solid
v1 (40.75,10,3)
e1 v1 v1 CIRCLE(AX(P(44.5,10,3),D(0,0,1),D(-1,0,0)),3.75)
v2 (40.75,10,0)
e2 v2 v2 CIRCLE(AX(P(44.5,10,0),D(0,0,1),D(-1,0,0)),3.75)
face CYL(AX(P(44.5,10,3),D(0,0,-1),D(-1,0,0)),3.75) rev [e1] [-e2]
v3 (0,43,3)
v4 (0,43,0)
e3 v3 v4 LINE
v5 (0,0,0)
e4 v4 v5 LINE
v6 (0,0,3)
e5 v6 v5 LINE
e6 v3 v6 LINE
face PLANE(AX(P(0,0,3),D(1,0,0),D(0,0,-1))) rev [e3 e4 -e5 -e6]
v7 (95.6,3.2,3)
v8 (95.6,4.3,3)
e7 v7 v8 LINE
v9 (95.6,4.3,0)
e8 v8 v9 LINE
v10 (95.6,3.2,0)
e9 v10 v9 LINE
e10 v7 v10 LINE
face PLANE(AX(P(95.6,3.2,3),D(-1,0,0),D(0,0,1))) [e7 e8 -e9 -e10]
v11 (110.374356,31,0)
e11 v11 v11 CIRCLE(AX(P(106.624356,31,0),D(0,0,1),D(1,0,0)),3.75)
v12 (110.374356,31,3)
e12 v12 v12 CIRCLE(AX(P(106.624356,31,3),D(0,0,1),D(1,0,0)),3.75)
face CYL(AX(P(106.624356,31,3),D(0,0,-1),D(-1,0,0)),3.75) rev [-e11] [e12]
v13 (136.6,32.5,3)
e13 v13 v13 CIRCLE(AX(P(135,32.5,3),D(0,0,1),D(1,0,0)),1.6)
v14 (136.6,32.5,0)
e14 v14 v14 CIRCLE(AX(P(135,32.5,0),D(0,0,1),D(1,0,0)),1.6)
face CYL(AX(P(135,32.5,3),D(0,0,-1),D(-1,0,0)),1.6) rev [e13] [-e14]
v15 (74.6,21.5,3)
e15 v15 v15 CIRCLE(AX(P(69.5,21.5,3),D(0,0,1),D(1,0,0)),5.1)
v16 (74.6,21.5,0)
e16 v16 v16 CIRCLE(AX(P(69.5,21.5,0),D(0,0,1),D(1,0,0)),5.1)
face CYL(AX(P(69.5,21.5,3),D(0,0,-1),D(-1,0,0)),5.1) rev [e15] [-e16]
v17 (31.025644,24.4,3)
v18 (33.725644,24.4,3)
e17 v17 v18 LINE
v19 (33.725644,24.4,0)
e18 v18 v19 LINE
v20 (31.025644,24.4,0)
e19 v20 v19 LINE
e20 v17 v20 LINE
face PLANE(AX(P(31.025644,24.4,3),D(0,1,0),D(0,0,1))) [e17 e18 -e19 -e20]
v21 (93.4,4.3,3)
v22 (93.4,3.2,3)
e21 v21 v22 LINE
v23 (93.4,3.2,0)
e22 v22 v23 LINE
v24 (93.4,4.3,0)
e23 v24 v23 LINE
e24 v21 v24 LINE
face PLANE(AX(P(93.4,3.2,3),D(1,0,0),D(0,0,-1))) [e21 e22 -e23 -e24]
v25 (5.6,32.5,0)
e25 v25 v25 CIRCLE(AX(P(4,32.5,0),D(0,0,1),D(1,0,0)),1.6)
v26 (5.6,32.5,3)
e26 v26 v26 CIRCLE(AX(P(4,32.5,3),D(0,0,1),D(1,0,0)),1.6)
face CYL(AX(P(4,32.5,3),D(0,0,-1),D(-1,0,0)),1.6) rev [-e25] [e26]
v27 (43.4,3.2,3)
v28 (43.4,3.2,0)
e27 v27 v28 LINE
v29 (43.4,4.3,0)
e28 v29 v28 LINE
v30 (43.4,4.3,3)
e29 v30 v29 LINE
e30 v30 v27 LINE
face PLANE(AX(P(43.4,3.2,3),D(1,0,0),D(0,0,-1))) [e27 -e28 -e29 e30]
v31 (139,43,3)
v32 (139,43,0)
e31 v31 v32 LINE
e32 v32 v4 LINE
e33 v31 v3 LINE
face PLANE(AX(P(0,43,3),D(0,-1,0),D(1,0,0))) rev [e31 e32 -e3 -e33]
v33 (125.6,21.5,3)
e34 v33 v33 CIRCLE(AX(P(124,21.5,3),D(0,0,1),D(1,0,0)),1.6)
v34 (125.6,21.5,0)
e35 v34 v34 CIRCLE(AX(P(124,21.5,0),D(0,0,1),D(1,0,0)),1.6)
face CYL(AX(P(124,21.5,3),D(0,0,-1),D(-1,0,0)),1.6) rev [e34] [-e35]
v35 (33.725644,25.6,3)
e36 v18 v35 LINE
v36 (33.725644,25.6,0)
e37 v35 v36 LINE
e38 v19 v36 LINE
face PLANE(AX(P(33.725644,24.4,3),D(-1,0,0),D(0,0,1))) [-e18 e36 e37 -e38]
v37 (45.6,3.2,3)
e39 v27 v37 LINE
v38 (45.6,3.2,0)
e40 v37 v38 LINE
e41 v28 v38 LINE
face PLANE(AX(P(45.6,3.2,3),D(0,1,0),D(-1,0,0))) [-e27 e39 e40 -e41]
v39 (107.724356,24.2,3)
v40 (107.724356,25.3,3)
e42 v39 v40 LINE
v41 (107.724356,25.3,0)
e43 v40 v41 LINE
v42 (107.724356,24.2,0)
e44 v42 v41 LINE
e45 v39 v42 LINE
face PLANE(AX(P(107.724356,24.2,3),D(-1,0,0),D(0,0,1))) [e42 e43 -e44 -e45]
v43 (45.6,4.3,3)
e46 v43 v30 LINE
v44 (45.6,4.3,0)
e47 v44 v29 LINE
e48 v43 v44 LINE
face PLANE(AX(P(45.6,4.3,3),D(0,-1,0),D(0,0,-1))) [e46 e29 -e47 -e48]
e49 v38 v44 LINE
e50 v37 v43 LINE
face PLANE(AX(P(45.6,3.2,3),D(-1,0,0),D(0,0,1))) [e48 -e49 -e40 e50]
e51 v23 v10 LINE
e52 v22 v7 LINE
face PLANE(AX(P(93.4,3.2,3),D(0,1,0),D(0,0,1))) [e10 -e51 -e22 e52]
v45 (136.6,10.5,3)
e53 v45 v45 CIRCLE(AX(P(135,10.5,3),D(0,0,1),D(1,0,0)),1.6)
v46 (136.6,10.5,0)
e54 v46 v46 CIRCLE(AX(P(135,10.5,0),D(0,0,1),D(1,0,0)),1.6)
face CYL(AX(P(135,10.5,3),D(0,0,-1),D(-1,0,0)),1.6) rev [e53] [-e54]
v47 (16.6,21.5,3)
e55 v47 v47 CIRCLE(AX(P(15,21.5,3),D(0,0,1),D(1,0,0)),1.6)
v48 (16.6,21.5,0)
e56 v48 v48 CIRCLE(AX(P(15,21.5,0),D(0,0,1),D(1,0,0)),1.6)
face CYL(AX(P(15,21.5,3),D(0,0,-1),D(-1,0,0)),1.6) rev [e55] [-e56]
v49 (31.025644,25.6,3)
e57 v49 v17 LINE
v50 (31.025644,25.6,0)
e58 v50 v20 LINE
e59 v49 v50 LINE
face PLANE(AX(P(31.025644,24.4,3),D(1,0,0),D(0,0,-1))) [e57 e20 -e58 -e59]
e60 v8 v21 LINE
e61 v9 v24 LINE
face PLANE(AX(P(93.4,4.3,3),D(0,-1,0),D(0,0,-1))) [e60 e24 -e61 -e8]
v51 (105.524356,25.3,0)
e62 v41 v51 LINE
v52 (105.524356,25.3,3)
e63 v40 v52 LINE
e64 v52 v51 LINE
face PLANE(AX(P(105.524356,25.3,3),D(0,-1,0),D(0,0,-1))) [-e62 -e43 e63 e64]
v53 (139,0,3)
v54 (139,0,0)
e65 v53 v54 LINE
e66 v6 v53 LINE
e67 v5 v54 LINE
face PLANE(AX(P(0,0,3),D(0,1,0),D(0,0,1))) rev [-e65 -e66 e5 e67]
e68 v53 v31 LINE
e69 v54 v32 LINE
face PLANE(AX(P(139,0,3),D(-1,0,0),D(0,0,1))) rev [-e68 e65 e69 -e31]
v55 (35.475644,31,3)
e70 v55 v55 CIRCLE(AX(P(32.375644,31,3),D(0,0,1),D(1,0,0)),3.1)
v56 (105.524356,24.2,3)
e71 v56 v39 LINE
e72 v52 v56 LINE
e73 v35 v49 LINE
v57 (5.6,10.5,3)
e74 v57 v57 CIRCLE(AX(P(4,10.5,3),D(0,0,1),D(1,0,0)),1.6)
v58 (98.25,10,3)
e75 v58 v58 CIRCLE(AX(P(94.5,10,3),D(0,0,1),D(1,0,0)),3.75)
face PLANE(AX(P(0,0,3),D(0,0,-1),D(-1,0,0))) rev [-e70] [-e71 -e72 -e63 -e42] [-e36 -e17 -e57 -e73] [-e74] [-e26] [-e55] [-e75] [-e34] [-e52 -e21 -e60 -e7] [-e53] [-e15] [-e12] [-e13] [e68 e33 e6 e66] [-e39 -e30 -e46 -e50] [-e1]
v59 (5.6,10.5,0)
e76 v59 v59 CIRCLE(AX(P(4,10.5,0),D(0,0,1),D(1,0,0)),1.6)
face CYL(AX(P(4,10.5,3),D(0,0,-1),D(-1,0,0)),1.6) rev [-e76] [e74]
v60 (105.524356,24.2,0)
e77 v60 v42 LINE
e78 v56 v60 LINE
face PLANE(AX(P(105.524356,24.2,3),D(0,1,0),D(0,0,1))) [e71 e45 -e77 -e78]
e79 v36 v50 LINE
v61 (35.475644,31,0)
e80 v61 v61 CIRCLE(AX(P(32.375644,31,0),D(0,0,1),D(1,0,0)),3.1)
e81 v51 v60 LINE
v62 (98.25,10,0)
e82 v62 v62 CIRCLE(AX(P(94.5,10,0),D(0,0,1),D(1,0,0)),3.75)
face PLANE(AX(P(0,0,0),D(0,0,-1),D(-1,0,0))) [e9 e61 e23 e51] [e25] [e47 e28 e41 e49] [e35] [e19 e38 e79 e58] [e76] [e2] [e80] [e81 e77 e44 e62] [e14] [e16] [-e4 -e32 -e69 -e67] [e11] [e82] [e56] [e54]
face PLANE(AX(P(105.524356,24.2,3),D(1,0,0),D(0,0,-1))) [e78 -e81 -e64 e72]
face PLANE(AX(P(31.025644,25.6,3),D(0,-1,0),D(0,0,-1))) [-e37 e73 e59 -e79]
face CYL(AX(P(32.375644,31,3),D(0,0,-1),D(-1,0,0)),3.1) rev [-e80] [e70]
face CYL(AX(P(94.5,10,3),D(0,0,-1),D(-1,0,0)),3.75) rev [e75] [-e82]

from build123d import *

# Parameters (mm, degrees)
SKETCH1_W           = 139
SKETCH1_H           = 43
SKETCH1_R           = 3.1
SKETCH1_R_2         = 3.75
SKETCH1_R_3         = 1.6
SKETCH1_R_4         = 5.1
SKETCH1_W_2         = 2.7
SKETCH1_H_2         = 1.2
SKETCH1_W_3         = 2.2
SKETCH1_H_3         = 1.1
BOSS_EXTRUDE1_DEPTH = 3


with BuildPart() as part:
    # Sketch1 → Boss-Extrude1 (new body)
    with BuildSketch(Plane.XY):
        with Locations((69.5, 21.5)):
            Rectangle(SKETCH1_W, SKETCH1_H)
        with Locations((32.375644347, 31)):
            Circle(SKETCH1_R, mode=Mode.SUBTRACT)
        with Locations((94.5, 10)):
            Circle(SKETCH1_R_2, mode=Mode.SUBTRACT)
        with Locations((4, 32.5)):
            Circle(SKETCH1_R_3, mode=Mode.SUBTRACT)
        with Locations((135, 32.5)):
            Circle(SKETCH1_R_3, mode=Mode.SUBTRACT)
        with Locations((135, 10.5)):
            Circle(SKETCH1_R_3, mode=Mode.SUBTRACT)
        with Locations((4, 10.5)):
            Circle(SKETCH1_R_3, mode=Mode.SUBTRACT)
        with Locations((69.5, 21.5)):
            Circle(SKETCH1_R_4, mode=Mode.SUBTRACT)
        with Locations((15, 21.5)):
            Circle(SKETCH1_R_3, mode=Mode.SUBTRACT)
        with Locations((124, 21.5)):
            Circle(SKETCH1_R_3, mode=Mode.SUBTRACT)
        with Locations(Location((44.5, 10, 0), (0, 0, 180))):
            Circle(SKETCH1_R_2, mode=Mode.SUBTRACT)
        with Locations((106.624355653, 31)):
            Circle(SKETCH1_R_2, mode=Mode.SUBTRACT)
        with Locations((32.375644347, 25)):
            Rectangle(SKETCH1_W_2, SKETCH1_H_2, mode=Mode.SUBTRACT)
        with Locations((94.5, 3.75)):
            Rectangle(SKETCH1_W_3, SKETCH1_H_3, mode=Mode.SUBTRACT)
        with Locations((44.5, 3.75)):
            Rectangle(SKETCH1_W_3, SKETCH1_H_3, mode=Mode.SUBTRACT)
        with Locations((106.624355653, 24.75)):
            Rectangle(SKETCH1_W_3, SKETCH1_H_3, mode=Mode.SUBTRACT)
    extrude(amount=BOSS_EXTRUDE1_DEPTH)


solid = part.part
